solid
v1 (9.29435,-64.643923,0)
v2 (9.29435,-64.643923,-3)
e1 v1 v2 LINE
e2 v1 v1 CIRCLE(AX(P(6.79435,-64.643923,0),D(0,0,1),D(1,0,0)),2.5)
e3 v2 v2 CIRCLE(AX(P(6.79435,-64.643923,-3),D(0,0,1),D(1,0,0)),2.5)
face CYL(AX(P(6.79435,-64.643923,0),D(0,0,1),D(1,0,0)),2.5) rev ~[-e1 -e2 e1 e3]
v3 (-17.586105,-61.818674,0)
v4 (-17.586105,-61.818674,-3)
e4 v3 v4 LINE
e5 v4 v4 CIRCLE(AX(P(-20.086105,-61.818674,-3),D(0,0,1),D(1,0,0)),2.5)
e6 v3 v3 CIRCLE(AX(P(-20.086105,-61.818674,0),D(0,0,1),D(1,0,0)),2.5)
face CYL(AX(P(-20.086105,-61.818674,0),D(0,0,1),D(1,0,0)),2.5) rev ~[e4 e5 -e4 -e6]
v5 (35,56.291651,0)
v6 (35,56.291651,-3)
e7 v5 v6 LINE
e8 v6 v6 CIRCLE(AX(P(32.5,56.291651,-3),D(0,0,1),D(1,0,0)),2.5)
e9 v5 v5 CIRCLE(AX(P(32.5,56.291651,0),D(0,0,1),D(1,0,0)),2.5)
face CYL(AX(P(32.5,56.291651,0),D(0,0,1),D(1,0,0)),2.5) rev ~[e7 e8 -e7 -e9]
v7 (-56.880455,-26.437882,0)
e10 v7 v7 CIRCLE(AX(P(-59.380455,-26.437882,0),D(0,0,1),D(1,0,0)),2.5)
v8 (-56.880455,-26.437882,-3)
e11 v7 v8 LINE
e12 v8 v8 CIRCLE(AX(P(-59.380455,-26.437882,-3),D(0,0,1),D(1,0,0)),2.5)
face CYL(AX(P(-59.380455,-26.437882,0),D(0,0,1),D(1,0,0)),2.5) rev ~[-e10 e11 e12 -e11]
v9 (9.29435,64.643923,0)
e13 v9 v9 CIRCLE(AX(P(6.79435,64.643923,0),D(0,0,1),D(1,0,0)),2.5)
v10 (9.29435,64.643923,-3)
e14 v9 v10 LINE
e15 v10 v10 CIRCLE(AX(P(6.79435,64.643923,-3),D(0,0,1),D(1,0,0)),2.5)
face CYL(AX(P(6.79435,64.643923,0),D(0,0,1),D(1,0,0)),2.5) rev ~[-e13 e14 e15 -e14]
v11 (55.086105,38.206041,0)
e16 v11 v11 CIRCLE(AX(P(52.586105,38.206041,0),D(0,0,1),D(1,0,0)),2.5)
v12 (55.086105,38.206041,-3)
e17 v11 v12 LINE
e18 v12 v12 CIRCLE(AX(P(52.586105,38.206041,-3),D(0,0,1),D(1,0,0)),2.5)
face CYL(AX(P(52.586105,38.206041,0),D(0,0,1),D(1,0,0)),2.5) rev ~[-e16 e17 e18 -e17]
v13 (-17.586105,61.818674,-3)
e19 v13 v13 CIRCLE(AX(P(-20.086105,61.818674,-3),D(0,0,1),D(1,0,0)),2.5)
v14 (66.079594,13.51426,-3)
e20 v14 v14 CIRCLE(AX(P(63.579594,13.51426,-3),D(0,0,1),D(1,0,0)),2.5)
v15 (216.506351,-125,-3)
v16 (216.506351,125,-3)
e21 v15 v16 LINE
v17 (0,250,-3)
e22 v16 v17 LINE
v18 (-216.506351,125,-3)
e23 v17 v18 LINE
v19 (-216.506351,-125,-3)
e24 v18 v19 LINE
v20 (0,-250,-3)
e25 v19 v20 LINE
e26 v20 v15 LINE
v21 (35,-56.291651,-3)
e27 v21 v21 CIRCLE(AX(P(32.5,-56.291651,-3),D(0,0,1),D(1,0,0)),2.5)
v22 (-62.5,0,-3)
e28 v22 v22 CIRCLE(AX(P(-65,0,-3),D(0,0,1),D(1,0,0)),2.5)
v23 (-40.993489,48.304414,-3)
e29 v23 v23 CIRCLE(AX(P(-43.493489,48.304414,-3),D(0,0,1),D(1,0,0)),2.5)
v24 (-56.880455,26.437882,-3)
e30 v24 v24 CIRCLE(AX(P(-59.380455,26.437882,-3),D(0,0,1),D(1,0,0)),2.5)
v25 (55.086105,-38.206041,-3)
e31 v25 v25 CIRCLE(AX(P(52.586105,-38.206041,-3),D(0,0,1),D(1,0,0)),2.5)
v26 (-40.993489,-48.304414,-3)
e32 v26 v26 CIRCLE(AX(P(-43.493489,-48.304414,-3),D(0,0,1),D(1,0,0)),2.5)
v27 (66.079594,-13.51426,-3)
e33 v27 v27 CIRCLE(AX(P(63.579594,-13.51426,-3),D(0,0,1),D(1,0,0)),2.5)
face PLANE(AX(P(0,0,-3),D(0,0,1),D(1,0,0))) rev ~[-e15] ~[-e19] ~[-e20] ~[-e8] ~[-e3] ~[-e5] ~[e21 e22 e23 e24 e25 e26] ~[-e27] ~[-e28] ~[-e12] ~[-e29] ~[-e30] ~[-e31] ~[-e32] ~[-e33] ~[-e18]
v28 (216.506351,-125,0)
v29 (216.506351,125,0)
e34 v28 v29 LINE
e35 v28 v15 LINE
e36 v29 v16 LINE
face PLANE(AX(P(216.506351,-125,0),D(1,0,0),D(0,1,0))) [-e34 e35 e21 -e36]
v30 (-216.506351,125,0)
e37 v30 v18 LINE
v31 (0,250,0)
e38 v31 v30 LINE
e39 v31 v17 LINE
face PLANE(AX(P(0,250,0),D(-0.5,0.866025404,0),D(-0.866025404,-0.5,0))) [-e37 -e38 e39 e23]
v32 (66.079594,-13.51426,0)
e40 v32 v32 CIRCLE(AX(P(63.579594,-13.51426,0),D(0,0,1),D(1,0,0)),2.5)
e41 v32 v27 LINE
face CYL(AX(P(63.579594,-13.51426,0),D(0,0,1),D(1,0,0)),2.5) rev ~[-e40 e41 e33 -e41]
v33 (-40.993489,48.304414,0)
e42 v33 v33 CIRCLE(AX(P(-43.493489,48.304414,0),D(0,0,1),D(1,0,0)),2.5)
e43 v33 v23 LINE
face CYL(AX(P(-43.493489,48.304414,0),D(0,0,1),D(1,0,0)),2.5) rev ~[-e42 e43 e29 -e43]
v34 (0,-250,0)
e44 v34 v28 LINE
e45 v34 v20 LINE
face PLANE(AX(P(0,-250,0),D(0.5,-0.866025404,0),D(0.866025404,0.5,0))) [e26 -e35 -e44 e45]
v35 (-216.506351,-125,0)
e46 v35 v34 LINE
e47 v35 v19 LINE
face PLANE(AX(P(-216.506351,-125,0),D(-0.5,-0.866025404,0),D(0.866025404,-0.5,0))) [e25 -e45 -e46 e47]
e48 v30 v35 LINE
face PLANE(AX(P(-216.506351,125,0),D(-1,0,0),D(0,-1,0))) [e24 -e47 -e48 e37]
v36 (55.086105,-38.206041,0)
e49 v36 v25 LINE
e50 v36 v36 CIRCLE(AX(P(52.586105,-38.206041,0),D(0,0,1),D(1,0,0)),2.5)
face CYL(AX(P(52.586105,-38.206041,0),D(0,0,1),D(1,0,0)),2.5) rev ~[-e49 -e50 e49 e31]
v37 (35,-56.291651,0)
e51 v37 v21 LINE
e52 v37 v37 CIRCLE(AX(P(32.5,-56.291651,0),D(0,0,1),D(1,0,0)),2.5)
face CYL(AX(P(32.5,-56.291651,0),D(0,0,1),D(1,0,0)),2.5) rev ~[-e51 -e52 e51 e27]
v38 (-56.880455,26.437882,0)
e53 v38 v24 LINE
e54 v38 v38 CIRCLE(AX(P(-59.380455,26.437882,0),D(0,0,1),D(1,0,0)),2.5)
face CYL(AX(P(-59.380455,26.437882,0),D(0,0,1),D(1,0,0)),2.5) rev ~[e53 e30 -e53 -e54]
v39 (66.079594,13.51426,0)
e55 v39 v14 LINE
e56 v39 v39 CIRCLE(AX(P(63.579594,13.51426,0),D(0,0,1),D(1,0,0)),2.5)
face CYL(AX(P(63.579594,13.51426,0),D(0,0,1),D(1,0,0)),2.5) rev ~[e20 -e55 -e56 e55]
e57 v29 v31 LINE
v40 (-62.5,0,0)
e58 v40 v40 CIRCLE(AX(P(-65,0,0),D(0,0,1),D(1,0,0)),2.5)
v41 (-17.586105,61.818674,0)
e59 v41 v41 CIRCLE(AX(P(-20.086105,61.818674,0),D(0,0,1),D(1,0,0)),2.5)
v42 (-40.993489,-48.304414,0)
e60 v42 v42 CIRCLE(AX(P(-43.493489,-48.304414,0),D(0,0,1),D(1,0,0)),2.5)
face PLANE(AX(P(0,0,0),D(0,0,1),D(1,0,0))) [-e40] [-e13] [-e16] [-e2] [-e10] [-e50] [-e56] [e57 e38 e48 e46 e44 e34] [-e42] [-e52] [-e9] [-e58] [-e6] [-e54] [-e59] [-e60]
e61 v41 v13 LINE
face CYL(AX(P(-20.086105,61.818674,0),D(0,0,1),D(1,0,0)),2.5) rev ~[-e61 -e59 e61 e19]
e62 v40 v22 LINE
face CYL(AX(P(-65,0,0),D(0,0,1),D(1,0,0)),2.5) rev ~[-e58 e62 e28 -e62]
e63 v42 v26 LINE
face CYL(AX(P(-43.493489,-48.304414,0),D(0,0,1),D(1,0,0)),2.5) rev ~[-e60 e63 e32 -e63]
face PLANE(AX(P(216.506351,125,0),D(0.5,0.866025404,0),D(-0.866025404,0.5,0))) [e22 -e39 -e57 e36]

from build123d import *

# Parameters (mm, degrees)
F1_DEPTH = 3
F2_R     = 2.5
F3_DEPTH = 3


with BuildPart() as f1:
    # F0 (on Top) → F1 (new body)
    with BuildSketch(Plane.XY):
        with BuildLine():
            ThreePointArc((108.2531706913, -187.5000027607), (187.4999986196, -108.2531778639), (216.5063509461, 0))
            ThreePointArc((216.5063509461, 0), (187.4999990763, 108.253177073), (108.2531722731, 187.5000018475))
            ThreePointArc((108.2531722731, 187.5000018475), (1.0905e-06, 216.5063509461), (-108.2531703844, 187.5000029379))
            ThreePointArc((-108.2531703844, 187.5000029379), (-187.4999985558, 108.2531779745), (-216.5063509461, -9.91e-08))
            ThreePointArc((-216.5063509461, -9.91e-08), (-187.4999988892, -108.2531773971), (-108.2531717109, -187.5000021721))
            ThreePointArc((-108.2531717109, -187.5000021721), (-5.886e-07, -216.5063509461), (108.2531706913, -187.5000027607))
        make_face()
        with BuildLine():
            ThreePointArc((-216.5063509461, -9.91e-08), (-187.4999985558, 108.2531779745), (-108.2531703844, 187.5000029379))
            Line((-108.2531703844, 187.5000029379), (-216.5063509461, 125))
            Line((-216.5063509461, 125), (-216.5063509461, -9.91e-08))
        make_face()
        with BuildLine():
            ThreePointArc((-108.2531703844, 187.5000029379), (1.0905e-06, 216.5063509461), (108.2531722731, 187.5000018475))
            Line((108.2531722731, 187.5000018475), (0, 250))
            Line((0, 250), (-108.2531703844, 187.5000029379))
        make_face()
        with BuildLine():
            ThreePointArc((108.2531722731, 187.5000018475), (187.4999990763, 108.253177073), (216.5063509461, 0))
            Line((216.5063509461, 0), (216.5063509461, 125))
            Line((216.5063509461, 125), (108.2531722731, 187.5000018475))
        make_face()
        with BuildLine():
            Line((216.5063509461, -125), (216.5063509461, 0))
            ThreePointArc((216.5063509461, 0), (187.4999986196, -108.2531778639), (108.2531706913, -187.5000027607))
            Line((108.2531706913, -187.5000027607), (216.5063509461, -125))
        make_face()
        with BuildLine():
            Line((0, -250), (108.2531706913, -187.5000027607))
            ThreePointArc((108.2531706913, -187.5000027607), (-5.886e-07, -216.5063509461), (-108.2531717109, -187.5000021721))
            Line((-108.2531717109, -187.5000021721), (0, -250))
        make_face()
        with BuildLine():
            Line((-216.5063509461, -125), (-108.2531717109, -187.5000021721))
            ThreePointArc((-108.2531717109, -187.5000021721), (-187.4999988892, -108.2531773971), (-216.5063509461, -9.91e-08))
            Line((-216.5063509461, -9.91e-08), (-216.5063509461, -125))
        make_face()
    extrude(amount=-F1_DEPTH)

    # F2 (on face) → F3 (cut, through all)
    with BuildSketch(Plane.XY):
        with Locations((-65, 0)):
            Circle(F2_R)
        with Locations((32.5, -56.291651246)):
            Circle(F2_R)
        with Locations((6.7943501124, -64.6439231989)):
            Circle(F2_R)
        with Locations((-20.0861046344, -61.8186735592)):
            Circle(F2_R)
        with Locations((-43.4934894133, -48.304413656)):
            Circle(F2_R)
        with Locations((-59.3804547468, -26.4378817999)):
            Circle(F2_R)
        with Locations((-59.3804547468, 26.4378817999)):
            Circle(F2_R)
        with Locations((-43.4934894133, 48.304413656)):
            Circle(F2_R)
        with Locations((-20.0861046344, 61.8186735592)):
            Circle(F2_R)
        with Locations((6.7943501124, 64.6439231989)):
            Circle(F2_R)
        with Locations((32.5, 56.291651246)):
            Circle(F2_R)
        with Locations((52.5861046344, 38.206041399)):
            Circle(F2_R)
        with Locations((63.5795940477, 13.5142599032)):
            Circle(F2_R)
        with Locations((63.5795940477, -13.5142599032)):
            Circle(F2_R)
        with Locations((52.5861046344, -38.206041399)):
            Circle(F2_R)
    extrude(amount=-F3_DEPTH, mode=Mode.SUBTRACT)


solid = f1.part
